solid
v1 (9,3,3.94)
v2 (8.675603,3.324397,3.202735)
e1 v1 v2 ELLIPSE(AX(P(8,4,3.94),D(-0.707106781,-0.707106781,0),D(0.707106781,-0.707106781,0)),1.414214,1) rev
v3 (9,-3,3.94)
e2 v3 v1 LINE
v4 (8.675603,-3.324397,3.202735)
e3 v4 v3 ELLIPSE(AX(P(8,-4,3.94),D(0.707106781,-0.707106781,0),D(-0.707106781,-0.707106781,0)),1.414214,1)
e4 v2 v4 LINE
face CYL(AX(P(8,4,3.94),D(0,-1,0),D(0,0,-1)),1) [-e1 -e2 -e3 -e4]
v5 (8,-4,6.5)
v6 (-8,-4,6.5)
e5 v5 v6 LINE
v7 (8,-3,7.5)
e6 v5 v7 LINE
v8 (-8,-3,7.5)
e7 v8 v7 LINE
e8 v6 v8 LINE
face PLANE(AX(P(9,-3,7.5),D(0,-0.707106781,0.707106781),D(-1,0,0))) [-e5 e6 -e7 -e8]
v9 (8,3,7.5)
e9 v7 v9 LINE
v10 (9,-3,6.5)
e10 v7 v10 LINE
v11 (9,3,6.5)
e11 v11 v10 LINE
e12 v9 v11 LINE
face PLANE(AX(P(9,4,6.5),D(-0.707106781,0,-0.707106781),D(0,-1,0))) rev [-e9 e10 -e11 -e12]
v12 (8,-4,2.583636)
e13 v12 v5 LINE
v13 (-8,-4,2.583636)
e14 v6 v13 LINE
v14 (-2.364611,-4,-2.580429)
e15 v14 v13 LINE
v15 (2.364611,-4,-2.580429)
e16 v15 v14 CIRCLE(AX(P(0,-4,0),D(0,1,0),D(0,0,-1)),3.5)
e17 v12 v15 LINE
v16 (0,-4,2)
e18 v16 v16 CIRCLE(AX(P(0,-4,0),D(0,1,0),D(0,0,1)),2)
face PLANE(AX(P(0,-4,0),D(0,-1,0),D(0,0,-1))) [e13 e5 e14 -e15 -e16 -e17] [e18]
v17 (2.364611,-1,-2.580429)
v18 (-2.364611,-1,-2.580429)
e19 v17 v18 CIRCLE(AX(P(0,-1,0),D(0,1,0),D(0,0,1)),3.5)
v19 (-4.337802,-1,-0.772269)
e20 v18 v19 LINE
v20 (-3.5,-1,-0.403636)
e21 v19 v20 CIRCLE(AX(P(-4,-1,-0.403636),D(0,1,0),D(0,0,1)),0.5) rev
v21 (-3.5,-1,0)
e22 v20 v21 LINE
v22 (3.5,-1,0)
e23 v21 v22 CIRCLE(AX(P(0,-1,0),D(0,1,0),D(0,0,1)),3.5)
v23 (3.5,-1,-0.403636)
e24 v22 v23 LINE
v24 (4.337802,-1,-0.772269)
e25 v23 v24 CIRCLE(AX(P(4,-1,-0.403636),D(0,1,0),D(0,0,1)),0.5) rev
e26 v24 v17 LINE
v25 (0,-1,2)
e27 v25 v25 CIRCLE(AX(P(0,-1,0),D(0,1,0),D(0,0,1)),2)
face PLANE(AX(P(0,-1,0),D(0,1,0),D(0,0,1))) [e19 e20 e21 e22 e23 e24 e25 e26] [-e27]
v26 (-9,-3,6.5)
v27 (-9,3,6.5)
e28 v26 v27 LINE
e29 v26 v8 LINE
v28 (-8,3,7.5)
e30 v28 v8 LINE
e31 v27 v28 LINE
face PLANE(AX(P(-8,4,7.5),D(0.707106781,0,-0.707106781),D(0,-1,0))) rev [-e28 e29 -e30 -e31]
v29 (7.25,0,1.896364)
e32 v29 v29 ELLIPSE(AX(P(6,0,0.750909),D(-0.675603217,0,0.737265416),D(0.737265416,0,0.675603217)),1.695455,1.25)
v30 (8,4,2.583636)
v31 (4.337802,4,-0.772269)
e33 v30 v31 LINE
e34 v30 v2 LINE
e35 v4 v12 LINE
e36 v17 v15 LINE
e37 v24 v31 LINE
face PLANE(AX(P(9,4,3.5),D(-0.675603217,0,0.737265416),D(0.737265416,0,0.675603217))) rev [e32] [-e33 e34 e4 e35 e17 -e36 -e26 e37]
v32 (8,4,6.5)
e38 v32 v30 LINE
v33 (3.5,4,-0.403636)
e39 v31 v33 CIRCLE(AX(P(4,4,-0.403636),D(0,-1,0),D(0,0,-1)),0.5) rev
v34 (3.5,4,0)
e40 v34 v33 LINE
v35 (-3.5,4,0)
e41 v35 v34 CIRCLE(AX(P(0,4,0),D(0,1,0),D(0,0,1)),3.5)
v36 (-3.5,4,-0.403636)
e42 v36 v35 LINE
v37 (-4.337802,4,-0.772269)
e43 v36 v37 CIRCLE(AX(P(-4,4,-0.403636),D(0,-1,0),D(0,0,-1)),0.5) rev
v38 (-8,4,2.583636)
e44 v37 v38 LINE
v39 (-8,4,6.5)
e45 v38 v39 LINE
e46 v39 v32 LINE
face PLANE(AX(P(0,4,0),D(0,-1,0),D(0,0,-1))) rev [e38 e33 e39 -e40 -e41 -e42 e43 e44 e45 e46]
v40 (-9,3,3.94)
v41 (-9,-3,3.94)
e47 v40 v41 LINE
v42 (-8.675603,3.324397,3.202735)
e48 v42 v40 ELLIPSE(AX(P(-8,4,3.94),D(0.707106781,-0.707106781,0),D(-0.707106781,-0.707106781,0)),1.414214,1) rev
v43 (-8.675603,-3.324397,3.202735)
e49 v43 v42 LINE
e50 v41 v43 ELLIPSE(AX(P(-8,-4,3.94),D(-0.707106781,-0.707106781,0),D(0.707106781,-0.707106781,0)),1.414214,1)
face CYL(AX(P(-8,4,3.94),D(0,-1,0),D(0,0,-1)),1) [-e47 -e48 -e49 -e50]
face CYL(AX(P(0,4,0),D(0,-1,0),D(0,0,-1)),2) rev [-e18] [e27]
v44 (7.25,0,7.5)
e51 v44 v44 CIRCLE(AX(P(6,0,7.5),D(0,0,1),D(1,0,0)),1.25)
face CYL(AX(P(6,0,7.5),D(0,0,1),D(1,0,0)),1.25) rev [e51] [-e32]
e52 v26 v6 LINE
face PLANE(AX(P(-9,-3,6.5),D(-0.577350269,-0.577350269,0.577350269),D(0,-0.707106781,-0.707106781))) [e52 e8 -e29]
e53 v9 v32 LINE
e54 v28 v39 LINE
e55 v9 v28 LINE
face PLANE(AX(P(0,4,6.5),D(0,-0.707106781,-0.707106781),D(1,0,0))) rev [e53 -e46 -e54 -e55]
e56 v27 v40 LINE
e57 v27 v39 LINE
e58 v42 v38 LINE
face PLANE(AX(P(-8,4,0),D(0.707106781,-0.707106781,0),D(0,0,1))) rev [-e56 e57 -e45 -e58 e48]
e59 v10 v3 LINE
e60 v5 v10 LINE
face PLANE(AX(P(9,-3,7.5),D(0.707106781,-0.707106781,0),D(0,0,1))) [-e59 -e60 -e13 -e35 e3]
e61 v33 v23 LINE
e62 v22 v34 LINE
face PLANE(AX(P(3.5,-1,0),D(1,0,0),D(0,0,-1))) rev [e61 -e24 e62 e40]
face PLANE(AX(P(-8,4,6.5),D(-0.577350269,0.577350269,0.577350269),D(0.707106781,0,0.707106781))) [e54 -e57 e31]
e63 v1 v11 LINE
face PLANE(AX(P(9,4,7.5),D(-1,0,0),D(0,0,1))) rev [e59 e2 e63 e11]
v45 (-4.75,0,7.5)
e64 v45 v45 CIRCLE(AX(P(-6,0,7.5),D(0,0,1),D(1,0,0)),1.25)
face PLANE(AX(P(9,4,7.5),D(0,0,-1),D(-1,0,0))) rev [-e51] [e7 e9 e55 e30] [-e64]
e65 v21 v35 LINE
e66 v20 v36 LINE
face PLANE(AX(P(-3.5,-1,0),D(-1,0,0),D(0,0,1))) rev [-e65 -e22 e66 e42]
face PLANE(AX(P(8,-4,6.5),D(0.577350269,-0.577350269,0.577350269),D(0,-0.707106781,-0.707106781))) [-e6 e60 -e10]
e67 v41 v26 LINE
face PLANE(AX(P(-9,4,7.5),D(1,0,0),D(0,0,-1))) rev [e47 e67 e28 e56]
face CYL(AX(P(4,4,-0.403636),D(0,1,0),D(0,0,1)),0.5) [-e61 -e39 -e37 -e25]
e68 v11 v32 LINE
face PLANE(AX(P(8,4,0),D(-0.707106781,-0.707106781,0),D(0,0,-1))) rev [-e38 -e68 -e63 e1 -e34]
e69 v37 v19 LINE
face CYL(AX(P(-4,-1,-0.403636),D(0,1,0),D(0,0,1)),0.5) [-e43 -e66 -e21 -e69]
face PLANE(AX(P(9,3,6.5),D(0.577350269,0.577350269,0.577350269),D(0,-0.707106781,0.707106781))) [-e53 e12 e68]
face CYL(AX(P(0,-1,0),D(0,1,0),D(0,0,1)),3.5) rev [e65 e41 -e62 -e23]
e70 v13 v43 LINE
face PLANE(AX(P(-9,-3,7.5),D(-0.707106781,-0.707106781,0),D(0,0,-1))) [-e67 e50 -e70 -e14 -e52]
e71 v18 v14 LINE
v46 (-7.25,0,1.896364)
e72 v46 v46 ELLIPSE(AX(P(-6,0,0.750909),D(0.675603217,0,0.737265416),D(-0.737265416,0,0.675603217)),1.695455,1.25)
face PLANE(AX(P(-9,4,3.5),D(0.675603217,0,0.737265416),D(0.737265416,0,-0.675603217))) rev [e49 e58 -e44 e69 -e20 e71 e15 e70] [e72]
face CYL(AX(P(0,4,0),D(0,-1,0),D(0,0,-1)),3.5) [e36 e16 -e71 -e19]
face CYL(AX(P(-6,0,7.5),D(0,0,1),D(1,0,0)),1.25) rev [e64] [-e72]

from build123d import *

# Parameters (mm, degrees)
SKETCH_1_R          = 2
EXTRUDE_1_DEPTH     = 4
HOLE_WIZARD_M3_1_D  = 2.5
CUT_EXTRUDE_1_DEPTH = 5
CHAMFER_1_SIZE      = 1
FILLET_1_R          = 1
FILLET_2_R          = 0.5


with BuildPart() as part:
    # 草图1 → 凸台-拉伸1 (new body, symmetric)
    with BuildSketch(Plane(origin=(0, 0, 0), x_dir=(1, 0, 0), z_dir=(0, 1, 0))):
        with BuildLine():
            Line((9, -7.5), (-9, -7.5))
            Line((-9, -7.5), (-9, -3.5))
            Line((-9, -3.5), (-2.36461126, 2.580428954))
            ThreePointArc((-2.36461126, 2.580428954), (0, 3.5), (2.36461126, 2.580428954))
            Line((2.36461126, 2.580428954), (9, -3.5))
            Line((9, -3.5), (9, -7.5))
        make_face()
        Circle(SKETCH_1_R, mode=Mode.SUBTRACT)
    extrude(amount=EXTRUDE_1_DEPTH, both=True)

    # M3 螺纹孔1 (through all)
    with Locations(Plane.XY.offset(7.5)):
        with Locations((-6, 0), (6, 0)):
            Hole(HOLE_WIZARD_M3_1_D / 2)

    # 草图4 → 切除-拉伸1 (cut)
    with BuildSketch(Plane(origin=(0, 4, 0), x_dir=(1, 0, 0), z_dir=(0, 1, 0))):
        with BuildLine():
            Line((-3.5, 0), (-3.5, 1.54))
            Line((-3.5, 1.54), (-2.36461126, 2.580428954))
            ThreePointArc((-2.36461126, 2.580428954), (0, 3.5), (2.36461126, 2.580428954))
            Line((2.36461126, 2.580428954), (3.5, 1.54))
            Line((3.5, 1.54), (3.5, 0))
            ThreePointArc((3.5, 0), (0, -3.5), (-3.5, 0))
        make_face()
    extrude(amount=-CUT_EXTRUDE_1_DEPTH, mode=Mode.SUBTRACT)

    # 倒角1
    chamfer_1_edges = [part.edges().sort_by_distance(p)[0] for p in [
        (9, 0, 7.5),
        (-9, 0, 7.5),
        (-9, 4, 5.5),
        (0, 4, 7.5),
        (9, 4, 5.5),
        (0, -4, 7.5),
        (-9, -4, 5.5),
        (9, -4, 5.5),
    ]]
    chamfer(chamfer_1_edges, length=CHAMFER_1_SIZE)

    # 圆角1
    fillet_1_edges = [part.edges().sort_by_distance(p)[0] for p in [
        (-9, 0, 3.5),
        (9, 0, 3.5),
    ]]
    fillet(fillet_1_edges, radius=FILLET_1_R)

    # 圆角2
    fillet_2_edges = [part.edges().sort_by_distance(p)[0] for p in [
        (-3.5, 1.5, -1.54),
        (3.5, 1.5, -1.54),
    ]]
    fillet(fillet_2_edges, radius=FILLET_2_R)


solid = part.part
